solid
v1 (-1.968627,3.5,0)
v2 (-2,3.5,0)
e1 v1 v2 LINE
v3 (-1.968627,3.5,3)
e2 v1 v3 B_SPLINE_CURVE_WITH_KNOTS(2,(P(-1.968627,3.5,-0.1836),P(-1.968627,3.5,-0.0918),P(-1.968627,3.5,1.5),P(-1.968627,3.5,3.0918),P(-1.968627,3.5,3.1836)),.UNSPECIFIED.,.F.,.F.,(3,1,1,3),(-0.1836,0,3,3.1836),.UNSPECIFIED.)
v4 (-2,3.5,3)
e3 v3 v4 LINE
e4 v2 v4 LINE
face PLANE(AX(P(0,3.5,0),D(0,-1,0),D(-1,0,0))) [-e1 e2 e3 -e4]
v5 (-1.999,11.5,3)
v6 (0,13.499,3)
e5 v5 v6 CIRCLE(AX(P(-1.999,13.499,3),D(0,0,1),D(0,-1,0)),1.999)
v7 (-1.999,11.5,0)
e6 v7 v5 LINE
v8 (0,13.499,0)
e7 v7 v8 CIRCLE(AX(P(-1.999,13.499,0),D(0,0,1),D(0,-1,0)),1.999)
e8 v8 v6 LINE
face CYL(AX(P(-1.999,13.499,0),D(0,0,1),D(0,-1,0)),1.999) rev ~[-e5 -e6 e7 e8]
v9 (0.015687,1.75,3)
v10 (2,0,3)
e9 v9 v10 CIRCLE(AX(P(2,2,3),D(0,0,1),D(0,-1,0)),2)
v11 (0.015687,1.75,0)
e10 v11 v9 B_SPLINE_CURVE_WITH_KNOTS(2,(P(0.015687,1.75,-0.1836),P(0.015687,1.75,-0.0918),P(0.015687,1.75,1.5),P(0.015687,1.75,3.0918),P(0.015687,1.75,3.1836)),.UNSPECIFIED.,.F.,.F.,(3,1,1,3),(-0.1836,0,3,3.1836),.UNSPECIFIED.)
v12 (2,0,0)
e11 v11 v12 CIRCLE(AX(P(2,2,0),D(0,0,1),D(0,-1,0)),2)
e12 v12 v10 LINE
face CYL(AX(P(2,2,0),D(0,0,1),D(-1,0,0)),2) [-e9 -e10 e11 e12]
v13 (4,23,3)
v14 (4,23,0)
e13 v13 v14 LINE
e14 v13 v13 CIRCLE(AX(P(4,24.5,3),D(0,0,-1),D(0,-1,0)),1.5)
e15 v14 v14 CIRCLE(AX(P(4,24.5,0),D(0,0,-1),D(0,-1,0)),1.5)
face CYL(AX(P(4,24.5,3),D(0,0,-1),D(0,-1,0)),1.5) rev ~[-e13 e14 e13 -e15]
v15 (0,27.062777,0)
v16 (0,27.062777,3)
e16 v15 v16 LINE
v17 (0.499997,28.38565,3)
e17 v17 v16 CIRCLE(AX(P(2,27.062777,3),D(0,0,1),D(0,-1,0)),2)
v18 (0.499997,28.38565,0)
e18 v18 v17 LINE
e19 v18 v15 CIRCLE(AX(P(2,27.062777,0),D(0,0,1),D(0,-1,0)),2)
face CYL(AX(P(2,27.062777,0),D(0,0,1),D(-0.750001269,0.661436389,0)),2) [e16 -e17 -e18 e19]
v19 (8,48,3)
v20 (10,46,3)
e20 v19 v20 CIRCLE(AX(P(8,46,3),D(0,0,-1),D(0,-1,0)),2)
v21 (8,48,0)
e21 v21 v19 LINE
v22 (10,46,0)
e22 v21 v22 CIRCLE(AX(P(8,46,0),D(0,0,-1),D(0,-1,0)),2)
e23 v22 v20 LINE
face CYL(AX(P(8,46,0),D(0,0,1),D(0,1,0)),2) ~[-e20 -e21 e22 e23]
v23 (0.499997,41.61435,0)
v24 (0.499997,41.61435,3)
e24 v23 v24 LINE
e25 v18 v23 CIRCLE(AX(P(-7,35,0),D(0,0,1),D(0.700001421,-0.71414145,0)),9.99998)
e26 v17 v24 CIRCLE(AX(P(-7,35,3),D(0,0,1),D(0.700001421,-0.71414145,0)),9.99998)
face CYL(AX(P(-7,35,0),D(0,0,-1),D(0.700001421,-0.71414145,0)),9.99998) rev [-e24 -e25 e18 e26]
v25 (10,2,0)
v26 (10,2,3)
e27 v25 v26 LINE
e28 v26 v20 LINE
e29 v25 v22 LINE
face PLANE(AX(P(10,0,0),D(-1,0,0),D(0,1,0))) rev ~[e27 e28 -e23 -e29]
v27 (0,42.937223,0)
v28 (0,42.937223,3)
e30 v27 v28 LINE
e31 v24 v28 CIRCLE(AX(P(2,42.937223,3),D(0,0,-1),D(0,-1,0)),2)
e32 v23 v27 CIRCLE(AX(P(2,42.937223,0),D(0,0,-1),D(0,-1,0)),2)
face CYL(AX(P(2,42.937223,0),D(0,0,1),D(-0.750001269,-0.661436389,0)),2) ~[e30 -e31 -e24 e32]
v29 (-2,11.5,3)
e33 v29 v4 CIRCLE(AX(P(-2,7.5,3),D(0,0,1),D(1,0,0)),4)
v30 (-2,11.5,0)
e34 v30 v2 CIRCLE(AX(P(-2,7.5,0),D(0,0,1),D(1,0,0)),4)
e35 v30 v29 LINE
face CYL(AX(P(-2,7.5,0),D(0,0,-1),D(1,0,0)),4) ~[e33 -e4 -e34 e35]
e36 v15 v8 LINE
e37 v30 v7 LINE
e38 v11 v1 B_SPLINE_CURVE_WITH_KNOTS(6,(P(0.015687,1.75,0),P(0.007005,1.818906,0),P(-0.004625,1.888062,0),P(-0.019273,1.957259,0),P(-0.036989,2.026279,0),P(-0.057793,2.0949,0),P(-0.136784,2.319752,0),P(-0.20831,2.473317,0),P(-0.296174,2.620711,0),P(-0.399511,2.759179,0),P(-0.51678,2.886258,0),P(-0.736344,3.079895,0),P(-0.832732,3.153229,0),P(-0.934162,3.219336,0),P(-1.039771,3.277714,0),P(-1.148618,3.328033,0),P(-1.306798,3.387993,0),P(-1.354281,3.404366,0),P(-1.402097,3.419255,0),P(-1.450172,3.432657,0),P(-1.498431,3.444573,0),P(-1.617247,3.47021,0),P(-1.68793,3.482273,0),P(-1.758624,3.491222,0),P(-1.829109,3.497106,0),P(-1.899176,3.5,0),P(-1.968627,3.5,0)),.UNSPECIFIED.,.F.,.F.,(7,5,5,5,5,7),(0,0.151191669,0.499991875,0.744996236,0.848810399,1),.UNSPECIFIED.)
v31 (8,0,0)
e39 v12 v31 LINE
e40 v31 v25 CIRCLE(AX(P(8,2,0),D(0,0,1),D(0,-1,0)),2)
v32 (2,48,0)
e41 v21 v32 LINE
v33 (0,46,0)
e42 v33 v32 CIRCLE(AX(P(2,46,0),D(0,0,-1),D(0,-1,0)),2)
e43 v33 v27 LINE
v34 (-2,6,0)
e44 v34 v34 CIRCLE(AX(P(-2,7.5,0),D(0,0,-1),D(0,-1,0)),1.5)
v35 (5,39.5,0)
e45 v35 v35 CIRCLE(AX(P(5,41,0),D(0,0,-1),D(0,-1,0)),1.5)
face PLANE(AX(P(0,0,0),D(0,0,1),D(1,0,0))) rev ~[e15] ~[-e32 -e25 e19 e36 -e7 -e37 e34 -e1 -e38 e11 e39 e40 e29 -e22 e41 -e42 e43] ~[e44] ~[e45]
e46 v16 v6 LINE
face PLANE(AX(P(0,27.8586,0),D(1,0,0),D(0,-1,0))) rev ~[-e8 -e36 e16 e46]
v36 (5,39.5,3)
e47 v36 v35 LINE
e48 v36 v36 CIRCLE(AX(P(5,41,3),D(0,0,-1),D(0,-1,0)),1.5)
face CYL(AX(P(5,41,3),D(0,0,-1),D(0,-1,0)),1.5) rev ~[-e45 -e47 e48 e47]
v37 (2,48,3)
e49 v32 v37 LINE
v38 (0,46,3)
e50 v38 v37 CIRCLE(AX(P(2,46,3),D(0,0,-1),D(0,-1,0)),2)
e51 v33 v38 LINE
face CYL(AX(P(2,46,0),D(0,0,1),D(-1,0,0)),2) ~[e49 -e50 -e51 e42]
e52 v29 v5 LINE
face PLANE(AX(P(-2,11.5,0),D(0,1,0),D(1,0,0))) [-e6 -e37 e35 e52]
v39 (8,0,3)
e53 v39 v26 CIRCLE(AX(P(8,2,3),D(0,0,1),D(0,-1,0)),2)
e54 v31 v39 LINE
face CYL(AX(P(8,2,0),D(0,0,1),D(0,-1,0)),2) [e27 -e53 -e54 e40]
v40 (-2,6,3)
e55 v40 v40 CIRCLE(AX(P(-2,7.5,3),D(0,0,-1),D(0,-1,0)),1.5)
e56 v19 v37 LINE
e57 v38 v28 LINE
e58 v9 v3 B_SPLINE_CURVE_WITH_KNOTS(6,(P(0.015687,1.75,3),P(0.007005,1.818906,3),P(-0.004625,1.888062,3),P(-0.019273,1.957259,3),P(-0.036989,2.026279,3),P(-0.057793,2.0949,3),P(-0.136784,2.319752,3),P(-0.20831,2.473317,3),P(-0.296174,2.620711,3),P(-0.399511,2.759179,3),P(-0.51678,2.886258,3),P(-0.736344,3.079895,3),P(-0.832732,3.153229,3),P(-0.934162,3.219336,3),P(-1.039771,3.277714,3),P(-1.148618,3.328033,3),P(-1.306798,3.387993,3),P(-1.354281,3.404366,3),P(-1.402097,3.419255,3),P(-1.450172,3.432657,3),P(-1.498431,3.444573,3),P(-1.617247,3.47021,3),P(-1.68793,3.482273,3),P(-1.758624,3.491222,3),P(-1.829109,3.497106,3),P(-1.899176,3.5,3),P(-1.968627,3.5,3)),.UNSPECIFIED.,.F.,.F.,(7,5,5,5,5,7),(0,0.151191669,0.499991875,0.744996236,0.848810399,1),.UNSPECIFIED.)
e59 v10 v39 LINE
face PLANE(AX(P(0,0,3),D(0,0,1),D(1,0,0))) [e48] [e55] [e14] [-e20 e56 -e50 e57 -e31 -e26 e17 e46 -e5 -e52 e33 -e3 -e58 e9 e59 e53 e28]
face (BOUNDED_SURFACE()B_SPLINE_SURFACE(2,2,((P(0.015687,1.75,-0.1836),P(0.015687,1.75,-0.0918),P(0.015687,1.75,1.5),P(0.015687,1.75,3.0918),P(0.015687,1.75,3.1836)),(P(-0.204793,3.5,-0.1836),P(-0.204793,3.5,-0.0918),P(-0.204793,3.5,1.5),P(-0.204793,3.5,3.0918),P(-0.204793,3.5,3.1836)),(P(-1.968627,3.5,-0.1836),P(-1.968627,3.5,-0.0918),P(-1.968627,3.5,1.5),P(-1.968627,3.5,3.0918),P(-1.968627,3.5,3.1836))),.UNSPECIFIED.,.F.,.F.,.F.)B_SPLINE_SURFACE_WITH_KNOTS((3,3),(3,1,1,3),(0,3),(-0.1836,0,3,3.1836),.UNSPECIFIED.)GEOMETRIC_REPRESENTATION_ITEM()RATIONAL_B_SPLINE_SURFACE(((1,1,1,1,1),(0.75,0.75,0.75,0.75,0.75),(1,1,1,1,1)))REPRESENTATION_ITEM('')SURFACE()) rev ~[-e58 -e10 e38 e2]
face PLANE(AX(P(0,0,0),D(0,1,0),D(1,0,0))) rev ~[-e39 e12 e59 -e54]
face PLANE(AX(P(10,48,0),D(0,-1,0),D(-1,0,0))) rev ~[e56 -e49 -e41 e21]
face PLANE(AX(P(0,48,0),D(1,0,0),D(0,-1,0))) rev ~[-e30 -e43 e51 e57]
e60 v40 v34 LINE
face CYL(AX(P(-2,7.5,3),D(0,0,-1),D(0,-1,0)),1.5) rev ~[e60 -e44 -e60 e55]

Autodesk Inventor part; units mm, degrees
ref_plane "YZ Plane" through (0, 0, 0) normal (1, 0, 0) x (0, 1, 0)
ref_plane "XZ Plane" through (0, 0, 0) normal (0, 1, 0) x (-1, 0, 0)
ref_plane "XY Plane" through (0, 0, 0) normal (0, 0, 1) x (1, 0, 0)
sketch "Sketch1" plane through (0, 0, 0) normal (0, 0, 1) x (1, 0, 0)
  line L0 (0, 0) -> (10, 0)
  line L1 (10, 0) -> (10, 48)
  line L2 (10, 48) -> (0, 48)
  circle A0 centre (-2, 7.5) radius 4
  arc A1 (0, 27.8586) -> (0, 42.1414) centre (-7, 35) ccw
  line L3 (-2, 11.5) -> (0, 11.5)
  line L4 (0, 11.5) -> (0, 3.5)
  line L5 (0, 3.5) -> (-2, 3.5)
  line L6 (-2, 3.5) -> (-2, 11.5)
  line L7 (0, 48) -> (0, 42.1414)
  line L8 (0, 27.8586) -> (0, 0)
  dimension "d90" = 8
  dimension "d0" = 10
  dimension "d1" = 48
  dimension "d88" = 12
  dimension "d89" = 7.5
  dimension "d91" = 20
  dimension "d92" = 13
extrude "Extrusion1" add sketch "Sketch1" along normal blind 3
fillet "圓角5" radius 2 8 edges at (0, 0, 1.5) (0, 3.5, 1.5) (0, 11.5, 1.5) (10, 0, 1.5) (0, 27.8586, 1.5) (0, 42.1414, 1.5) (0, 48, 1.5) (10, 48, 1.5)
sketch "草圖9" plane through (0, 0, 3) normal (0, 0, 1) x (1, 0, 0)
  line L0 (2, 48) -> (8, 48) projected
  arc A0 (-2, 11.5) -> (-2, 3.5) centre (-2, 7.5) ccw projected
  line L1 (8, 0) -> (2, 0) projected
  line L2 (10, 46) -> (10, 2) projected
  point P0 (0, 0)
  point P1 (4, 24.5)
  point P2 (5, 41)
  dimension "d95" = 6
  dimension "d96" = 24.5
  dimension "d97" = 7
  dimension "d98" = 5
hole "孔5" at (-2, 7.5, 3) at (4, 24.5, 3) at (5, 41, 3) direction (0, 0, -1) diameter 3 end through all
properties part number "plastic_part_53"
